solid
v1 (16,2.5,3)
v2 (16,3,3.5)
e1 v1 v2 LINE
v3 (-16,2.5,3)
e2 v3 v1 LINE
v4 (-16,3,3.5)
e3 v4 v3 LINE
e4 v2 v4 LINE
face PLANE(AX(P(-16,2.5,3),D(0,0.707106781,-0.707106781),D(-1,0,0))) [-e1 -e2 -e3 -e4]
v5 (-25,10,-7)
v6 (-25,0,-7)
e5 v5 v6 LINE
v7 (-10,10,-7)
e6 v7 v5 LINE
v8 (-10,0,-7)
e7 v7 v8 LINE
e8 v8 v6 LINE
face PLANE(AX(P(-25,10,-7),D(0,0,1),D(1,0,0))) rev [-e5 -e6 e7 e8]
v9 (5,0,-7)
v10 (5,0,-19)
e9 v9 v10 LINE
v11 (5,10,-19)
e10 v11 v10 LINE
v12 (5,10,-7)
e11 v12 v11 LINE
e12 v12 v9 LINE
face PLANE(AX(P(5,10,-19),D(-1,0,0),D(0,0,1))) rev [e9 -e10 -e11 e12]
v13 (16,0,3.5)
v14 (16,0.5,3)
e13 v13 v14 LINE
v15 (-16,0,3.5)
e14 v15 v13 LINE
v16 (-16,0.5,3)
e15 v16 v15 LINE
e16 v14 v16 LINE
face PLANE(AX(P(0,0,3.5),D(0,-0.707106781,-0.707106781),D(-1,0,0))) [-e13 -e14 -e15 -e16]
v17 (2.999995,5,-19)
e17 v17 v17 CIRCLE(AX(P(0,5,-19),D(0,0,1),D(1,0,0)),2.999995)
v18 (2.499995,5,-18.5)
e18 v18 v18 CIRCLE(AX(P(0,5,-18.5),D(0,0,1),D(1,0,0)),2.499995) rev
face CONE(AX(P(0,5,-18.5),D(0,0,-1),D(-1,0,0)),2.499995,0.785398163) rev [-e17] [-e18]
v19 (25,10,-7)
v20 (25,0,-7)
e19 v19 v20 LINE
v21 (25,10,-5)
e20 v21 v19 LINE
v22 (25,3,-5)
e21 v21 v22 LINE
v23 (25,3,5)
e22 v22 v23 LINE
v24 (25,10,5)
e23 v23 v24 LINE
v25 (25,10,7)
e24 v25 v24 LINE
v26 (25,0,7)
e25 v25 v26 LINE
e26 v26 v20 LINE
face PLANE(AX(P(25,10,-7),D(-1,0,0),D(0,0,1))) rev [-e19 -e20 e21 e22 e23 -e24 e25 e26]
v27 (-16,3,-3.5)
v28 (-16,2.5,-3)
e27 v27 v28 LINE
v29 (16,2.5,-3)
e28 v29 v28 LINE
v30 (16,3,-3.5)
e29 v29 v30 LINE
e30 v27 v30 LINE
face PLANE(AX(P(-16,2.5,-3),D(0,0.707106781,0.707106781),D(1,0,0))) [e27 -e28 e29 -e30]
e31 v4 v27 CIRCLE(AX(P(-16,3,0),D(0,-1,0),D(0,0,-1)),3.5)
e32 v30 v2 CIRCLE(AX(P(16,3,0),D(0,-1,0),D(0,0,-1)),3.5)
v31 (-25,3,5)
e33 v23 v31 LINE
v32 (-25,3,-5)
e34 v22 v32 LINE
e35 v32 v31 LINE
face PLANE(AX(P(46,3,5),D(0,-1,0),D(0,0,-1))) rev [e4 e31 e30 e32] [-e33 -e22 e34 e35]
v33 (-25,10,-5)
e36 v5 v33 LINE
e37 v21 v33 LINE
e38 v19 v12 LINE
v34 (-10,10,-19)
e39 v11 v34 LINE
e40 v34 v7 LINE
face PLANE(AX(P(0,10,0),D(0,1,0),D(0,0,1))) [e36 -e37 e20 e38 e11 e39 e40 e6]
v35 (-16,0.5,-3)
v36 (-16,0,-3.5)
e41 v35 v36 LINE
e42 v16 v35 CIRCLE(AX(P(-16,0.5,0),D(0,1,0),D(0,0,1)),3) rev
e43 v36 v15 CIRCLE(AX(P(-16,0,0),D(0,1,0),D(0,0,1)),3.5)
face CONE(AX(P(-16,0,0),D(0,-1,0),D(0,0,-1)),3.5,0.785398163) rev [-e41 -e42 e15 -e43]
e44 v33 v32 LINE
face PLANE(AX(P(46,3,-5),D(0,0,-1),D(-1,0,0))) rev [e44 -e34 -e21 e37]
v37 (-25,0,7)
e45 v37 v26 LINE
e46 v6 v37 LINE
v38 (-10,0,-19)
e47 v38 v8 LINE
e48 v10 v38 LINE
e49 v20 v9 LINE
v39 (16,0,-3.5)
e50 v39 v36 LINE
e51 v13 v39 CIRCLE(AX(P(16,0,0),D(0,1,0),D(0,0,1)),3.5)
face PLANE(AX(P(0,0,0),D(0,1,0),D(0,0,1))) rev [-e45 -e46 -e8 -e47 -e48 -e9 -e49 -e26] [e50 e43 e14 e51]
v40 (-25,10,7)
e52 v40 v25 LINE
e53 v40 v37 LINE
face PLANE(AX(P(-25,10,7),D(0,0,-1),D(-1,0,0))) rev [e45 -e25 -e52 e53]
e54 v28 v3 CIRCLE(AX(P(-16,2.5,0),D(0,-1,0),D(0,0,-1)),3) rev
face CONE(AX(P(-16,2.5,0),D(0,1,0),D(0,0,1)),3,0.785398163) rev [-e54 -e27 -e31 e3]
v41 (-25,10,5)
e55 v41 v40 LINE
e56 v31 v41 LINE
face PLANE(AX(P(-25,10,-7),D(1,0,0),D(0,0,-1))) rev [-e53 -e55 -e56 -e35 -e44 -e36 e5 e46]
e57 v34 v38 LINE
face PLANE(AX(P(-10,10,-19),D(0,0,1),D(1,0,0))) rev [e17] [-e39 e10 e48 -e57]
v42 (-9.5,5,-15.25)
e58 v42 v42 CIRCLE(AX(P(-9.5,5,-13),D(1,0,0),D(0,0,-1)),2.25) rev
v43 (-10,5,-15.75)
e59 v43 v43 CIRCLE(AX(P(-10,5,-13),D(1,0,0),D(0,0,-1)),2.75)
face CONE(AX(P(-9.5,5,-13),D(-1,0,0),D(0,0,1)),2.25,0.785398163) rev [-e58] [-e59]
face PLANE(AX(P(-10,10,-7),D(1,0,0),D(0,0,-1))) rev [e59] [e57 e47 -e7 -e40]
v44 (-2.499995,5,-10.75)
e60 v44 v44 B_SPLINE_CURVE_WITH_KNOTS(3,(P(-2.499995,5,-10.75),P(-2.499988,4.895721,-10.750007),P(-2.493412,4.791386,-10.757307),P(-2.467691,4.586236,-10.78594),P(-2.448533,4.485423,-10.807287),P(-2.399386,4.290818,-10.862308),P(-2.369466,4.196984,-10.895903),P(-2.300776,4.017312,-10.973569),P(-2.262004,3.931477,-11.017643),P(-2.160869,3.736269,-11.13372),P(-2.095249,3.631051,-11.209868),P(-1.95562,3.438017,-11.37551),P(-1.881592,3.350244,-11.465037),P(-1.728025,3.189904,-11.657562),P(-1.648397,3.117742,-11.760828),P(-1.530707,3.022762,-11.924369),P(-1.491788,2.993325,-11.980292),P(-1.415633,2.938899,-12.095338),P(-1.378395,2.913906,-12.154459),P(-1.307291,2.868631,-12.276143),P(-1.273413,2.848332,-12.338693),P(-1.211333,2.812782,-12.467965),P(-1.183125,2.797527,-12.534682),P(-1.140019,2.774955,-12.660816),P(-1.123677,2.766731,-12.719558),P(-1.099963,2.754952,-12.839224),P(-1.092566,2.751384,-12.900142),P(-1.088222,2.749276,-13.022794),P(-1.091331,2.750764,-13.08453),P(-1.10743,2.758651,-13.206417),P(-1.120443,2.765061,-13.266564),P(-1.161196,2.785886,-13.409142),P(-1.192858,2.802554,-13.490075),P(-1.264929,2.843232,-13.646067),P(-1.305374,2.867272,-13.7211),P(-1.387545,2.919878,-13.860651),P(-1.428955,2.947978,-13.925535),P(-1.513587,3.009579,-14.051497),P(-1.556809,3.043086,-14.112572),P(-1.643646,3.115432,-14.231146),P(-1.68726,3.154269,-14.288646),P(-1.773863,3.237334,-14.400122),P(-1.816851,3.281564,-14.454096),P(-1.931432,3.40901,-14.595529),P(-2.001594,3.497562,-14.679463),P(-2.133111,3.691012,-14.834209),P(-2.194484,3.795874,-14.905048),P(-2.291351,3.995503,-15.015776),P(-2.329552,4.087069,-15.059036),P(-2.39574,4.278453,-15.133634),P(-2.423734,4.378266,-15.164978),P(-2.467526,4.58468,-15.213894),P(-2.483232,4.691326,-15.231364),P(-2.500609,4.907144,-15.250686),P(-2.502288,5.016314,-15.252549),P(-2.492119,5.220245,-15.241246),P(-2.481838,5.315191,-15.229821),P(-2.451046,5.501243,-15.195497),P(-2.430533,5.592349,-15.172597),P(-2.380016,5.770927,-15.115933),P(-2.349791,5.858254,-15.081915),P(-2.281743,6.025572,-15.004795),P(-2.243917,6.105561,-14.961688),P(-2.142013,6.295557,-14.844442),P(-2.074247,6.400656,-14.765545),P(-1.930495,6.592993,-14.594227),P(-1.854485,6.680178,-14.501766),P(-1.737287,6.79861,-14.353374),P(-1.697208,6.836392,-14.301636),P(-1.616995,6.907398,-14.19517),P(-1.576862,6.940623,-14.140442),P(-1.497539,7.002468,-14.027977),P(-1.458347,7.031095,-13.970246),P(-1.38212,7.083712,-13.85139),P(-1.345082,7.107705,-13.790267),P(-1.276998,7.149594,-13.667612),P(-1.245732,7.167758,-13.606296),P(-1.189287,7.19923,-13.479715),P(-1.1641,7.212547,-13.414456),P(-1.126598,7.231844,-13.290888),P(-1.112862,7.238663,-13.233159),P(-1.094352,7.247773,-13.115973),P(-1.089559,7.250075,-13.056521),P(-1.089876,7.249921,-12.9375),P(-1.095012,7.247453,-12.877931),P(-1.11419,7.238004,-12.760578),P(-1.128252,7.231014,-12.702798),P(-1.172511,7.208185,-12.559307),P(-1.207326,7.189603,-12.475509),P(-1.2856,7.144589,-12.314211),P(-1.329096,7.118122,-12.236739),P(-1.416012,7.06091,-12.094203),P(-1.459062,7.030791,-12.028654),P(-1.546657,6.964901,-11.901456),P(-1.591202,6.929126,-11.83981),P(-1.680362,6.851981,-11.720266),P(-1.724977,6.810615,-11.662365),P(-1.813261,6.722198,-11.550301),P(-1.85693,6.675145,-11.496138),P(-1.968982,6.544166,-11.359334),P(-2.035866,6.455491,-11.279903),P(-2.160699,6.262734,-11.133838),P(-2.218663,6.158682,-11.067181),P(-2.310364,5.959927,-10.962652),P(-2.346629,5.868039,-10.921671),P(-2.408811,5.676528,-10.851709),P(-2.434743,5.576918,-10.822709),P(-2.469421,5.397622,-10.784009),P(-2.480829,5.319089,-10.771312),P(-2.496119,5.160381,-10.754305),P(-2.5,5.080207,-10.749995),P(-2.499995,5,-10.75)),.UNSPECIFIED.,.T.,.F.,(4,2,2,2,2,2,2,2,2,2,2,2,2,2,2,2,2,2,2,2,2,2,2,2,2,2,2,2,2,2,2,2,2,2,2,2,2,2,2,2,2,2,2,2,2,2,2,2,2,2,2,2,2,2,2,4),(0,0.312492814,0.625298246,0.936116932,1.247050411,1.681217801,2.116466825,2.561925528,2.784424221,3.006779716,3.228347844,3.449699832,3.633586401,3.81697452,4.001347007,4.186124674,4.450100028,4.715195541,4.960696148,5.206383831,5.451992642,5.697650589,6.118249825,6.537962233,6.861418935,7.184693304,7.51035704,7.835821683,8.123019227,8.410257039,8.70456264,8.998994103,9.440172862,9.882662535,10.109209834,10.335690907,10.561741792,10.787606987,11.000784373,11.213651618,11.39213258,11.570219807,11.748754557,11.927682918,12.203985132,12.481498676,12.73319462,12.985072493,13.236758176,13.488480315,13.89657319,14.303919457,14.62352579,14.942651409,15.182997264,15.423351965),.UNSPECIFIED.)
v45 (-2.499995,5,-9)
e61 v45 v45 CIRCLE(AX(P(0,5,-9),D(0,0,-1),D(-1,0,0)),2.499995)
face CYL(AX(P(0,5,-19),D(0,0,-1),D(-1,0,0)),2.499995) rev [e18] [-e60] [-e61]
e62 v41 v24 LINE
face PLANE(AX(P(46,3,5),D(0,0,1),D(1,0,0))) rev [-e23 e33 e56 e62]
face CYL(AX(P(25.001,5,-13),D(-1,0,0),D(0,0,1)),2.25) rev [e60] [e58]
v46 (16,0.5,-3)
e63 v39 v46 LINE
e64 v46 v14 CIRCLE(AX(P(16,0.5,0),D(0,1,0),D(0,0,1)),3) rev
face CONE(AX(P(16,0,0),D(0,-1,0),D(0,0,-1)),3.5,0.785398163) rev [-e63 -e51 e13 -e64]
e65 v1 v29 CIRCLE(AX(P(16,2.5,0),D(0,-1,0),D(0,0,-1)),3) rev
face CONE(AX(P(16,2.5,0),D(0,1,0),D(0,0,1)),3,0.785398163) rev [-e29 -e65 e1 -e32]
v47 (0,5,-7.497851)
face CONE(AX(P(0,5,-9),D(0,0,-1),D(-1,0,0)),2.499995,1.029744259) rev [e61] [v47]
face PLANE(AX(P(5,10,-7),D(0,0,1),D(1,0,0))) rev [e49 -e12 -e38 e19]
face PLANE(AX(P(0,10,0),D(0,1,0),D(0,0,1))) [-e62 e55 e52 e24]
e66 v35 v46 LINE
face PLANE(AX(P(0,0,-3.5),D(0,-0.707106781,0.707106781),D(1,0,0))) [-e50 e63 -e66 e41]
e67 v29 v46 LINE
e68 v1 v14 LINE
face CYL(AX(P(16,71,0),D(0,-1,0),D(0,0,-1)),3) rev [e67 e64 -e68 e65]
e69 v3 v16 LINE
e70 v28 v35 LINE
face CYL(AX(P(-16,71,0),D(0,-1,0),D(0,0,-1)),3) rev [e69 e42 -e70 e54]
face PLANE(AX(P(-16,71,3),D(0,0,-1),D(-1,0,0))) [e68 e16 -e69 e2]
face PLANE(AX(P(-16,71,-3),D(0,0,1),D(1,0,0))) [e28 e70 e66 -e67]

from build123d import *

# Parameters (mm, degrees)
BOSS_EXTRUDE1_DEPTH              = 10
SKETCH2_W                        = 10
SKETCH2_H                        = 7
CUT_EXTRUDE2_DEPTH               = 71
CUT_EXTRUDE3_DEPTH               = 71
F_5_0_19685_DIAMETER_HOLE1_D     = 4.99999
F_5_0_19685_DIAMETER_HOLE1_DEPTH = 10
F_5_0_19685_DIAMETER_HOLE1_TIP   = 1.502148543
CUT_EXTRUDE4_REACH               = 43.061
CUT_EXTRUDE4_END_RADIUS          = 2.499995
SKETCH8_R                        = 2.25
CHAMFER1_SIZE                    = 0.5


with BuildPart() as part:
    # Sketch1 → Boss-Extrude1 (new body)
    with BuildSketch(Plane(origin=(0, 0, 0), x_dir=(1, 0, 0), z_dir=(0, 1, 0))):
        Polygon((-10, 7), (-10, 19), (5, 19), (5, 7), (25, 7), (25, -7), (-25, -7), (-25, 7), align=None)
    extrude(amount=BOSS_EXTRUDE1_DEPTH)

    # Sketch2 → Cut-Extrude2 (cut)
    with BuildSketch(Plane.ZY.offset(25)):
        with Locations((0, 6.5)):
            Rectangle(SKETCH2_W, SKETCH2_H)
    extrude(amount=-CUT_EXTRUDE2_DEPTH, mode=Mode.SUBTRACT)

    # Sketch4 → Cut-Extrude3 (cut)
    with BuildSketch(Plane(origin=(0, 0, 0), x_dir=(1, 0, 0), z_dir=(0, 1, 0))):
        with BuildLine():
            Line((-16, 3), (16, 3))
            ThreePointArc((16, 3), (19, 0), (16, -3))
            Line((16, -3), (-16, -3))
            ThreePointArc((-16, -3), (-19, 0), (-16, 3))
        make_face()
    extrude(amount=CUT_EXTRUDE3_DEPTH, mode=Mode.SUBTRACT)

    # #5 (0.19685) Diameter Hole1
    with Locations(Plane(origin=(0, 0, -19), x_dir=(-1, 0, 0), z_dir=(0, 0, -1))):
        with Locations((0, 5)):
            Hole(F_5_0_19685_DIAMETER_HOLE1_D / 2, depth=F_5_0_19685_DIAMETER_HOLE1_DEPTH)
            with Locations((0, 0, -(F_5_0_19685_DIAMETER_HOLE1_DEPTH + F_5_0_19685_DIAMETER_HOLE1_TIP / 2))):  # 118° drill point
                Cone(0, F_5_0_19685_DIAMETER_HOLE1_D / 2, F_5_0_19685_DIAMETER_HOLE1_TIP, mode=Mode.SUBTRACT)

    # Cut-Extrude4: up to this cylinder (the profile starts outside it)
    cut_extrude4_end = Plane(origin=(0, 5, -13), z_dir=(0, 0, -1)) * Cylinder(CUT_EXTRUDE4_END_RADIUS, 92.12199, mode=Mode.PRIVATE)
    # Sketch8 → Cut-Extrude4 (cut, up to the surface)
    with BuildSketch(Plane.ZY.offset(10), mode=Mode.PRIVATE) as cut_extrude4_sk1:
        with Locations((-13, 5)):
            Circle(SKETCH8_R)
    cut_extrude4_tool1 = extrude(cut_extrude4_sk1.sketch, amount=-CUT_EXTRUDE4_REACH, mode=Mode.PRIVATE) - cut_extrude4_end
    add(cut_extrude4_tool1.solids().sort_by_distance((-10, 5, -13))[0], mode=Mode.SUBTRACT)

    # Chamfer1
    chamfer1_edges = [part.edges().sort_by_distance(p)[0] for p in [
        (0, 3, -3),
        (19, 3, 0),
        (0, 3, 3),
        (-19, 3, 0),
        (-19, 0, 0),
        (0, 0, 3),
        (19, 0, 0),
        (0, 0, -3),
        (-2.499995, 5, -19),
        (-10, 5, -15.25),
    ]]
    chamfer(chamfer1_edges, length=CHAMFER1_SIZE)


solid = part.part
